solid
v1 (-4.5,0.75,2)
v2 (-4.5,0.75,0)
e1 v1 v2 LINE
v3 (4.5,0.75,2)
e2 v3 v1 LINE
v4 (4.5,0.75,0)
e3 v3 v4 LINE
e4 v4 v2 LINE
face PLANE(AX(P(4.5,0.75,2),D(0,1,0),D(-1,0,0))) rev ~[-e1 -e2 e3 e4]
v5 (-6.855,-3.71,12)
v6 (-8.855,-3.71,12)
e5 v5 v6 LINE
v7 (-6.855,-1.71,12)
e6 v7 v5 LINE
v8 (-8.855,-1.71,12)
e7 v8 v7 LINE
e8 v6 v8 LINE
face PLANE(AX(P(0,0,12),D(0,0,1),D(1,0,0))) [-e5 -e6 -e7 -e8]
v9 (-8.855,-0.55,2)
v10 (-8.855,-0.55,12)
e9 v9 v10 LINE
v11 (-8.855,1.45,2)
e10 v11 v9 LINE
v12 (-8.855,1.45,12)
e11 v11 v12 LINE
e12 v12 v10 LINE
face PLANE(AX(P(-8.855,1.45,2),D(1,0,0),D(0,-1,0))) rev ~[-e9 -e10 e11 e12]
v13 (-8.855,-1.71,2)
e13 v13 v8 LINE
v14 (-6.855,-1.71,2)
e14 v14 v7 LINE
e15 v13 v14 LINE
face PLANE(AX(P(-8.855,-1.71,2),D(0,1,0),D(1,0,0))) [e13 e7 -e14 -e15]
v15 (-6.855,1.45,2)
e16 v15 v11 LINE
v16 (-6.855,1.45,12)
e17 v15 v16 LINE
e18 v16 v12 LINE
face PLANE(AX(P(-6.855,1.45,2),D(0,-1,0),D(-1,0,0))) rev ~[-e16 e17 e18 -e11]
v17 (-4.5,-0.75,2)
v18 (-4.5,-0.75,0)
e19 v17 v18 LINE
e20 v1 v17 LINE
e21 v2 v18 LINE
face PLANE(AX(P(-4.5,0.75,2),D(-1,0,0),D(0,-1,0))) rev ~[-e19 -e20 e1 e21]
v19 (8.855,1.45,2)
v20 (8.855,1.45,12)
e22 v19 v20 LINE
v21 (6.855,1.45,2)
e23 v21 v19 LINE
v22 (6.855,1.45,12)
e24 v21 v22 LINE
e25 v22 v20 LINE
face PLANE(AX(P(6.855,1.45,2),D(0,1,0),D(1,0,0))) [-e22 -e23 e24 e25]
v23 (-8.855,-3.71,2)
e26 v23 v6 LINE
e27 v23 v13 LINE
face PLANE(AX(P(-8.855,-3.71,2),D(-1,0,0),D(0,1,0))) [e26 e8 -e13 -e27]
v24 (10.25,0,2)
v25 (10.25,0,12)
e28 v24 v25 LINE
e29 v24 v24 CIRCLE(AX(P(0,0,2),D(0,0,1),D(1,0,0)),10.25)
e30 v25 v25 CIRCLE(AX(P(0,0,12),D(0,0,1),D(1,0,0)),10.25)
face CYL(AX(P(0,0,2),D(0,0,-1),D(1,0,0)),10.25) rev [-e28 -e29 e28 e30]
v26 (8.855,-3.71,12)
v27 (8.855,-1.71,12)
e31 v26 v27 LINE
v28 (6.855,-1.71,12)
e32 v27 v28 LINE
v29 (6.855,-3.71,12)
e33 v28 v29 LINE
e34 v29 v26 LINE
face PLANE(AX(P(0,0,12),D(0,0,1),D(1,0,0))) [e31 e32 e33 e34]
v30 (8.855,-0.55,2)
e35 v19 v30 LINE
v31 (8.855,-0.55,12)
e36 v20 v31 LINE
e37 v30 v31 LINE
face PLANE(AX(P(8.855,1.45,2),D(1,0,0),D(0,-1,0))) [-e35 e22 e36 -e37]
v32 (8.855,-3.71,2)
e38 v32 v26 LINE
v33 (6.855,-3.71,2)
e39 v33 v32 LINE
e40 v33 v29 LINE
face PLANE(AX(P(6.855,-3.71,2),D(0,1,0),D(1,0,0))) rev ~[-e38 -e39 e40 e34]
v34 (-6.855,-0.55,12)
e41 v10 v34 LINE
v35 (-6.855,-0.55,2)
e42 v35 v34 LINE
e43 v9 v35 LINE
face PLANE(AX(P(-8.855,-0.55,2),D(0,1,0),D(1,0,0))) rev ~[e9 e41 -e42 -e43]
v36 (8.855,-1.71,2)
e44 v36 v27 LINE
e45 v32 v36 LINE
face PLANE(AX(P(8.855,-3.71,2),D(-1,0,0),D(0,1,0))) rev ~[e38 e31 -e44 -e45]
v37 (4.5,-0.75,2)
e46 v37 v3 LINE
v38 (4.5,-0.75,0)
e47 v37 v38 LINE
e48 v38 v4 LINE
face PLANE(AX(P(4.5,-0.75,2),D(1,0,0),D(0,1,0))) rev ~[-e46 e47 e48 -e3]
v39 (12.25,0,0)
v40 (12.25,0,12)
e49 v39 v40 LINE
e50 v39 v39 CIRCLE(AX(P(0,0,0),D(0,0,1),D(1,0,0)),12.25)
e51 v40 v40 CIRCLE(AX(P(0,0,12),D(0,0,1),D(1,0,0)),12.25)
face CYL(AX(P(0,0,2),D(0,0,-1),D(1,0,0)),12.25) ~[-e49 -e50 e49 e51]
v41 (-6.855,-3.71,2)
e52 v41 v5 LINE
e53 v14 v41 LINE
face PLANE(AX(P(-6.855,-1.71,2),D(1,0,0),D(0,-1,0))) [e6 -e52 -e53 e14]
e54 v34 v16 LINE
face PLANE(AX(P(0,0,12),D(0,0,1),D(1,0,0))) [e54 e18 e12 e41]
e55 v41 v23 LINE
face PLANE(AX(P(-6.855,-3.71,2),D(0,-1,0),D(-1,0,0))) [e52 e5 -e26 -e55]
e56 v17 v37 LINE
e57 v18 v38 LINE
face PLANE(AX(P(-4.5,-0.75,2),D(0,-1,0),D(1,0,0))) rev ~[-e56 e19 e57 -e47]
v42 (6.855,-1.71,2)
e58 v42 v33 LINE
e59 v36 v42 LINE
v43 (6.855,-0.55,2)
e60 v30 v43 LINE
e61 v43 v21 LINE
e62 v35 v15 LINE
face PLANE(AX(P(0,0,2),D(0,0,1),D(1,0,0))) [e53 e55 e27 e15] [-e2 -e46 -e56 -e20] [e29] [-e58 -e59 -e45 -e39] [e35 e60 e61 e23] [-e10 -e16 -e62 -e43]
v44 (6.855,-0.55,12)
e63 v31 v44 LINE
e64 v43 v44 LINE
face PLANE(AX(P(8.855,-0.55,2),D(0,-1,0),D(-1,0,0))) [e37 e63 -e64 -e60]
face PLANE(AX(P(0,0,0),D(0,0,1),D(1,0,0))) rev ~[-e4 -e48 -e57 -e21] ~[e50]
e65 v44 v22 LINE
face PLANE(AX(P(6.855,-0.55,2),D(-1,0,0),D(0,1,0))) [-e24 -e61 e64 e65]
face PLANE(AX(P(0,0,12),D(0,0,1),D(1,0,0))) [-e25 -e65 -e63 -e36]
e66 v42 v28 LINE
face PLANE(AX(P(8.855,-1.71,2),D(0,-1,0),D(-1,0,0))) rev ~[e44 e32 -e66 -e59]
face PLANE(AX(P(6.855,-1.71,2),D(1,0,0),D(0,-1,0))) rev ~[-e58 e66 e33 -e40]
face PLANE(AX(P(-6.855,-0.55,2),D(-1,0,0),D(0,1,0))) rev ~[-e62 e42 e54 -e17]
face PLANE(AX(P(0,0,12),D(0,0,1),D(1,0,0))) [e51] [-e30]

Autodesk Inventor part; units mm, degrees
ref_plane "YZ Plane" through (0, 0, 0) normal (1, 0, 0) x (0, 1, 0)
ref_plane "XZ Plane" through (0, 0, 0) normal (0, 1, 0) x (-1, 0, 0)
ref_plane "XY Plane" through (0, 0, 0) normal (0, 0, 1) x (1, 0, 0)
sketch "Sketch1" plane through (0, 0, 0) normal (0, 0, 1) x (1, 0, 0)
  circle A0 centre (0, 0) radius 12.25 projected
  point P0 (0, 0)
extrude "Extrusion1" add sketch "Sketch1" along normal blind 2
sketch "Sketch2" plane through (0, 0, 2) normal (0, 0, 1) x (1, 0, 0)
  circle A0 centre (0, 0) radius 12.25 projected
  line L0 (-4.5, -0.75) -> (4.5, -0.75)
  line L1 (4.5, -0.75) -> (4.5, 0.75)
  line L2 (4.5, 0.75) -> (-4.5, 0.75)
  line L3 (-4.5, 0.75) -> (-4.5, -0.75)
  line L4 (-4.5, -0.75) -> (4.5, 0.75) construction
  line L5 (4.5, -0.75) -> (-4.5, 0.75) construction
  dimension "d13" = 9
  dimension "d14" = 1.5
extrude "Extrusion2" cut sketch "Sketch2" against normal through all contours L3 L2 L1 L0
sketch "Sketch3" plane through (0, 0, 2) normal (0, 0, 1) x (1, 0, 0)
  circle A0 centre (0, 0) radius 12.25 projected
  circle A1 centre (0, 0) radius 10.25
  dimension "d4" = 2
extrude "Extrusion3" add sketch "Sketch3" along normal blind 10
sketch "Sketch4" plane through (0, 0, 2) normal (0, 0, 1) x (1, 0, 0)
  circle A0 centre (0, 0) radius 10.25 construction
  line L0 (-5.235, -0.75) -> (-8.355, -0.75) construction
  line L1 (-5.235, -1.51) -> (-8.355, -1.51) construction
  line L2 (-8.355, -0.75) -> (-8.355, -1.51) projected
  line L3 (-8.855, -0.55) -> (-6.855, -0.55)
  line L4 (-6.855, -0.55) -> (-6.855, 1.45)
  line L5 (-6.855, 1.45) -> (-8.855, 1.45)
  line L6 (-8.855, 1.45) -> (-8.855, -0.55)
  line L7 (-8.855, -0.55) -> (-6.855, 1.45) construction
  line L8 (-6.855, -0.55) -> (-8.855, 1.45) construction
  line L9 (-8.355, -1.13) -> (-6.0393, -1.13) construction
  line L10 (-8.855, -1.71) -> (-6.855, -1.71)
  line L11 (-6.855, -1.71) -> (-6.855, -3.71)
  line L12 (-6.855, -3.71) -> (-8.855, -3.71)
  line L13 (-8.855, -3.71) -> (-8.855, -1.71)
  line L14 (-8.855, -1.71) -> (-6.855, -3.71) construction
  line L15 (-6.855, -1.71) -> (-8.855, -3.71) construction
  line L16 (0, 0) -> (0, -2.4826) construction
  line L17 (8.855, -0.55) -> (6.855, -0.55)
  line L18 (6.855, -0.55) -> (6.855, 1.45)
  line L19 (6.855, 1.45) -> (8.855, 1.45)
  line L20 (8.855, 1.45) -> (8.855, -0.55)
  line L21 (8.855, -0.55) -> (6.855, 1.45) construction
  line L22 (6.855, -0.55) -> (8.855, 1.45) construction
  line L23 (6.855, -1.71) -> (6.855, -3.71)
  line L24 (8.855, -1.71) -> (6.855, -1.71)
  line L25 (6.855, -3.71) -> (8.855, -3.71)
  line L26 (8.855, -1.71) -> (6.855, -3.71) construction
  line L27 (6.855, -1.71) -> (8.855, -3.71) construction
  line L28 (8.855, -3.71) -> (8.855, -1.71)
  point P0 (-7.855, 0.45)
  point P1 (-7.855, -2.71)
  point P2 (7.855, 0.45)
  point P3 (7.855, -2.71)
  dimension "d7" = 0.2
  dimension "d8" = 0.5
  dimension "d9" = 2
  dimension "d10" = 2
extrude "Extrusion4" add sketch "Sketch4" along normal up to surface (10 mm away)
properties part number "PI_holder"
